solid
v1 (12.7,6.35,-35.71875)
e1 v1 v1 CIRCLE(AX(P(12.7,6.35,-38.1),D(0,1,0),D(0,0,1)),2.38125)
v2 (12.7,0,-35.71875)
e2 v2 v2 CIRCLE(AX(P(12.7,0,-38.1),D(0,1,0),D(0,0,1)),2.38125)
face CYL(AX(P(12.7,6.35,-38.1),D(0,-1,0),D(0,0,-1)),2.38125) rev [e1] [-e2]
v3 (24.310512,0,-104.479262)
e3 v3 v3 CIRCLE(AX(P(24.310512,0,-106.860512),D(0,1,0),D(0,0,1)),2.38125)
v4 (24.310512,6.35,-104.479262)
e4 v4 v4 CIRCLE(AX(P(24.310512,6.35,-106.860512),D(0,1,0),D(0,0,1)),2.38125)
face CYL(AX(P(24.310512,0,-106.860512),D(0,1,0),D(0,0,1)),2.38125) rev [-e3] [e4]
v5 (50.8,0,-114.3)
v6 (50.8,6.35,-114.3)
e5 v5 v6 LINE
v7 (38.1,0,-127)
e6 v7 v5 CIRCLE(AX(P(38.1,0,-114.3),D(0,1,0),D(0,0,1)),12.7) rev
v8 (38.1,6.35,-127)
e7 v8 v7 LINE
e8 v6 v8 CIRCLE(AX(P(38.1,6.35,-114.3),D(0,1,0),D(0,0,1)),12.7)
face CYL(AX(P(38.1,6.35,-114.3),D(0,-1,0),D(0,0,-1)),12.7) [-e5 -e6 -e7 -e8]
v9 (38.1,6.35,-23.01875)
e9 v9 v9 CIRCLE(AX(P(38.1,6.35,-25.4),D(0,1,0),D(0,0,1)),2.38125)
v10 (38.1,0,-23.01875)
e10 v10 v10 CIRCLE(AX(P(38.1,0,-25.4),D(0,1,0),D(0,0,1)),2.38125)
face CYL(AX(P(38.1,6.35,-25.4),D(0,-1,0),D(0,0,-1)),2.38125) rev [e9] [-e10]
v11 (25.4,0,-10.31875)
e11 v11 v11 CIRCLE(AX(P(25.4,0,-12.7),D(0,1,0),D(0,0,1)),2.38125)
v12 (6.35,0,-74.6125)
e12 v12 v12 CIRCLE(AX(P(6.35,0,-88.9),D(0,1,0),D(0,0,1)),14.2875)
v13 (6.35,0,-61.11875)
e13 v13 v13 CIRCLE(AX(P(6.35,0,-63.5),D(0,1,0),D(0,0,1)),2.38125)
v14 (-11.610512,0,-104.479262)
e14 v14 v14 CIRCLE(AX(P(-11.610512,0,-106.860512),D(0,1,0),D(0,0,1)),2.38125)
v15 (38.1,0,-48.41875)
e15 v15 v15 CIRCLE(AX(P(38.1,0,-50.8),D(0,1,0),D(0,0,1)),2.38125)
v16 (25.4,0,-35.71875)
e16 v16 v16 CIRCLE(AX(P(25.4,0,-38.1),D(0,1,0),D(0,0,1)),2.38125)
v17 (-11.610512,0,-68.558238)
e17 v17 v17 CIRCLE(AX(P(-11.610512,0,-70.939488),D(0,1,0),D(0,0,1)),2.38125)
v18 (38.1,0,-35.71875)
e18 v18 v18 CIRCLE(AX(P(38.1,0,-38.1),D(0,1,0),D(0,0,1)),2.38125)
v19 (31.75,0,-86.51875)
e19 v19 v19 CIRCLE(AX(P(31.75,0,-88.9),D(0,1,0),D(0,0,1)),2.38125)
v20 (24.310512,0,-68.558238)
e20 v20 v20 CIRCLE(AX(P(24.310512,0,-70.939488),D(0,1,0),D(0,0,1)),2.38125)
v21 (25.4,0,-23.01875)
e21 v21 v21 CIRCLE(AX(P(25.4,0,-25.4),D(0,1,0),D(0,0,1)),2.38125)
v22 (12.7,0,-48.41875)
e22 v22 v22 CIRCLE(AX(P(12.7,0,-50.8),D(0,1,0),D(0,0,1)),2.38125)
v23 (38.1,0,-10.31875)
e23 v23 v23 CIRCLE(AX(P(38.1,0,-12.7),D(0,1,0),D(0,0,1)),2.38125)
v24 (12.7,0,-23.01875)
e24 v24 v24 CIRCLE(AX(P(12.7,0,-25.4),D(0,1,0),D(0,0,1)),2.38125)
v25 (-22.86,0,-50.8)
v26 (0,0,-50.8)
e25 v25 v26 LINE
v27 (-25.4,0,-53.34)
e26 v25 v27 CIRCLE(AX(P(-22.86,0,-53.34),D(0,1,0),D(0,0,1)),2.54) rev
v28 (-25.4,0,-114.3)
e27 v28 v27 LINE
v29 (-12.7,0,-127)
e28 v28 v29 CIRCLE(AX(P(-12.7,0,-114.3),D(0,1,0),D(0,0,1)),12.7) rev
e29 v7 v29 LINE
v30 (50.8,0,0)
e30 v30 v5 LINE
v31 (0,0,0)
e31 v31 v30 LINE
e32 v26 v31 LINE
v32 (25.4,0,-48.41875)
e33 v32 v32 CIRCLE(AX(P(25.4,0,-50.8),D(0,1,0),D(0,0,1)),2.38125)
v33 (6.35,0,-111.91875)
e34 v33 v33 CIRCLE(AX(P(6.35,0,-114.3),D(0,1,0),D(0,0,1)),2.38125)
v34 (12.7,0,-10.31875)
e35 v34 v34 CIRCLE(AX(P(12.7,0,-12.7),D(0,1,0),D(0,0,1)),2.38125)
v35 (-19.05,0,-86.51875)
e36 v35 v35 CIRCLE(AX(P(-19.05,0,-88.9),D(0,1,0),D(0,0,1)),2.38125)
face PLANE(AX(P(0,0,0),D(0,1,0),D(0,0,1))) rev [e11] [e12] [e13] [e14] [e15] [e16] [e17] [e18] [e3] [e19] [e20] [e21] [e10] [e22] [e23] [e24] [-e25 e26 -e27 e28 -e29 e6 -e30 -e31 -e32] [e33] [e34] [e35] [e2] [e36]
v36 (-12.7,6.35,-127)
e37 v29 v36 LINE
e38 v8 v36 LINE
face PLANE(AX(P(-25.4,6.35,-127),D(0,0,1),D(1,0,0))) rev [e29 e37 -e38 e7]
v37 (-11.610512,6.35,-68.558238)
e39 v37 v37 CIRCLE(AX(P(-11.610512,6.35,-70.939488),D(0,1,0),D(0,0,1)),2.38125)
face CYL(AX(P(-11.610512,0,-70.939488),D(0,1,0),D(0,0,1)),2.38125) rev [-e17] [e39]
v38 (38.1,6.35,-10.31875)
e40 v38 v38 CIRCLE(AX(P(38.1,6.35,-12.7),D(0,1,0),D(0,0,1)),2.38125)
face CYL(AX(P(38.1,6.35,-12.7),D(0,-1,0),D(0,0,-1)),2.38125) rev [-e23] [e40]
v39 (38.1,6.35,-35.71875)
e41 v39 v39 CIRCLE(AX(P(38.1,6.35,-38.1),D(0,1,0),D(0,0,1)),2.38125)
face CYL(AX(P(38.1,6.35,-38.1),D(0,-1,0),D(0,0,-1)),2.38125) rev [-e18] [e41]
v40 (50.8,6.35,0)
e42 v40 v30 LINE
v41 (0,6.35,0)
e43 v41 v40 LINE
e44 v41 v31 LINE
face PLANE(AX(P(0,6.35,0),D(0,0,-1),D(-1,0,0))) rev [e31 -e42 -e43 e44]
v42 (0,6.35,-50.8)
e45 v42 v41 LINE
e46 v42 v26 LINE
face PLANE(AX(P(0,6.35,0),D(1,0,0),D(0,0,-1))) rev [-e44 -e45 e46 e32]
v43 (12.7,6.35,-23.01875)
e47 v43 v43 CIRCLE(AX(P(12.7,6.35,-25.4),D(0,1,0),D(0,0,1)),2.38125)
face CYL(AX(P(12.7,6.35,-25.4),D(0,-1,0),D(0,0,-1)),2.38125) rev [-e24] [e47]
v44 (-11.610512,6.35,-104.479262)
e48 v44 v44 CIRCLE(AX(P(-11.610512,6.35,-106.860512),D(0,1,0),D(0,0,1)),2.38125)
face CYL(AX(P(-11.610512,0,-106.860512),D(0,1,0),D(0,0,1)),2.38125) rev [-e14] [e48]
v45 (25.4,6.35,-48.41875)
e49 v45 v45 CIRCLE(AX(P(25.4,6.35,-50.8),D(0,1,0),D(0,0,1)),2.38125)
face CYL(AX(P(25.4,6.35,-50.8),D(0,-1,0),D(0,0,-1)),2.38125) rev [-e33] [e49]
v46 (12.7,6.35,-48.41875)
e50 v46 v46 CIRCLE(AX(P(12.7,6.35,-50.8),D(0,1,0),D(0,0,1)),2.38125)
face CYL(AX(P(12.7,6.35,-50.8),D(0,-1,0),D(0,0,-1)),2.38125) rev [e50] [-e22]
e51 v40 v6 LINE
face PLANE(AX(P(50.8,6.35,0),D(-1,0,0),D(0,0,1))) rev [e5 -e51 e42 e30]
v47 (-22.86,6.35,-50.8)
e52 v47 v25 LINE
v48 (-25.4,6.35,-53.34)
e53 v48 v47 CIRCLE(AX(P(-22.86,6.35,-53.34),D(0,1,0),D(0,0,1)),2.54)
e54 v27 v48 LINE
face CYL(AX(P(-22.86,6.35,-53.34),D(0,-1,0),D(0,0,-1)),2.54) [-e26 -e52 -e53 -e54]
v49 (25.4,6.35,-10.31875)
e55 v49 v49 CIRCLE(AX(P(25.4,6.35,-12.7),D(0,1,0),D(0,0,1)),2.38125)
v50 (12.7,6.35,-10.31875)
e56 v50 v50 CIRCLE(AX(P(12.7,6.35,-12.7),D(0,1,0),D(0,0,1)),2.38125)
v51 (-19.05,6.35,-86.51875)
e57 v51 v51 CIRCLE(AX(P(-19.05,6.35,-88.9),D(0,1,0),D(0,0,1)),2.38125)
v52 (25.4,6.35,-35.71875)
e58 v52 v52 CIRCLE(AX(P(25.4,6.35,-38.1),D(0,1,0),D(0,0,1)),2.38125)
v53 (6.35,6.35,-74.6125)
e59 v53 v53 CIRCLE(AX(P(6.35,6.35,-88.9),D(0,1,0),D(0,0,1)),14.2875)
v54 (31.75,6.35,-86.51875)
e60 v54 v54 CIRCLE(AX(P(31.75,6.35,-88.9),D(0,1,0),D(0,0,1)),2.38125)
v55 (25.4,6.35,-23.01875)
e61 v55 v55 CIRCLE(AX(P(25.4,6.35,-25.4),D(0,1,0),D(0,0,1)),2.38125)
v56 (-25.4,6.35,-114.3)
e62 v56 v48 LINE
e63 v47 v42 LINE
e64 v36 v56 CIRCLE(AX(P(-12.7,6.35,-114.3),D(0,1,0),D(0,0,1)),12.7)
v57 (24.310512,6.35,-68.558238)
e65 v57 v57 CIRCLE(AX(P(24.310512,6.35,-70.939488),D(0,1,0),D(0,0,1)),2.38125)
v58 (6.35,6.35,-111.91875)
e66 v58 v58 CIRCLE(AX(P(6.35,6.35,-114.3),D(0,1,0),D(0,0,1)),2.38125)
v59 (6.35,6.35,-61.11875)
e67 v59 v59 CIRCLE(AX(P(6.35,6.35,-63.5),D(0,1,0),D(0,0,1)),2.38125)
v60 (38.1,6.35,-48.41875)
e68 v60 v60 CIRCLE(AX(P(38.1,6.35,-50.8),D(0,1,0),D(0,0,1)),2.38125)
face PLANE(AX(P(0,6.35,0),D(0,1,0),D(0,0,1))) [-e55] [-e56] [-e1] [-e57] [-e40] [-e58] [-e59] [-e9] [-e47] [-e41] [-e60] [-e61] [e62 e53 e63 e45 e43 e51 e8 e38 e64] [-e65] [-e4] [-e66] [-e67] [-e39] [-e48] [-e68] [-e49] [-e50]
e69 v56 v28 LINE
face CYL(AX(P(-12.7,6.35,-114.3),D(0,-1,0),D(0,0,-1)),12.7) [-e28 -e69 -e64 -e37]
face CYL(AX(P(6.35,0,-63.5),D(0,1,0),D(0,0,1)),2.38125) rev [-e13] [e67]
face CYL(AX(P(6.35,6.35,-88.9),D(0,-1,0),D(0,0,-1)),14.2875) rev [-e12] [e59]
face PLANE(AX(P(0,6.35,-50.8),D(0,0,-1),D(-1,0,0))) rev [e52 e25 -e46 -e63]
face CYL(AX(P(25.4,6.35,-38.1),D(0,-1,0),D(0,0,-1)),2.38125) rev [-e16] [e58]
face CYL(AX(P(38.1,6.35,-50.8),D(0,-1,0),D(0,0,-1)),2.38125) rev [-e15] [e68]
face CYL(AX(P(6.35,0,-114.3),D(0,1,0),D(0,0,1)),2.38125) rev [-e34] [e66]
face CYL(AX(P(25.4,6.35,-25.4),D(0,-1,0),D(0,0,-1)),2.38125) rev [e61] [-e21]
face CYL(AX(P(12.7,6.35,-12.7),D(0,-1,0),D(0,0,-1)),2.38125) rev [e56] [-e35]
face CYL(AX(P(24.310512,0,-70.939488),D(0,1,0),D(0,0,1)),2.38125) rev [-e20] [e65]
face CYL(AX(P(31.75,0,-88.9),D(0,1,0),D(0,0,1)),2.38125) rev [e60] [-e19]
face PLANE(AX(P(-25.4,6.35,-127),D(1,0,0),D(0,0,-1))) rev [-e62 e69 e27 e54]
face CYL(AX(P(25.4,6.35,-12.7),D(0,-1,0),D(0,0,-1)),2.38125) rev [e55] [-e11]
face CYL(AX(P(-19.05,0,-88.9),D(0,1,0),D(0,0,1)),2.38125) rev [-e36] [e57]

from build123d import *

# Parameters (mm, degrees)
SKETCH1_R           = 2.38125
SKETCH1_R_2         = 14.2875
BOSS_EXTRUDE1_DEPTH = 6.35
FILLET1_R           = 12.7
SKETCH2_R           = 2.38125
CUT_EXTRUDE1_DEPTH  = 7.35
FILLET2_R           = 2.54


with BuildPart() as part:
    # Sketch1 → Boss-Extrude1 (new body)
    with BuildSketch(Plane(origin=(0, 0, 0), x_dir=(1, 0, 0), z_dir=(0, 1, 0))):
        Polygon((0, 0), (50.8, 0), (50.8, 127), (-25.4, 127), (-25.4, 50.8), (0, 50.8), align=None)
        with Locations((12.7, 12.7)):
            Circle(SKETCH1_R, mode=Mode.SUBTRACT)
        with Locations((25.4, 12.7)):
            Circle(SKETCH1_R, mode=Mode.SUBTRACT)
        with Locations((38.1, 12.7)):
            Circle(SKETCH1_R, mode=Mode.SUBTRACT)
        with Locations((25.4, 25.4)):
            Circle(SKETCH1_R, mode=Mode.SUBTRACT)
        with Locations((38.1, 25.4)):
            Circle(SKETCH1_R, mode=Mode.SUBTRACT)
        with Locations((25.4, 38.1)):
            Circle(SKETCH1_R, mode=Mode.SUBTRACT)
        with Locations((38.1, 38.1)):
            Circle(SKETCH1_R, mode=Mode.SUBTRACT)
        with Locations((12.7, 25.4)):
            Circle(SKETCH1_R, mode=Mode.SUBTRACT)
        with Locations((12.7, 38.1)):
            Circle(SKETCH1_R, mode=Mode.SUBTRACT)
        with Locations((6.35, 88.9)):
            Circle(SKETCH1_R_2, mode=Mode.SUBTRACT)
        with Locations((12.7, 50.8)):
            Circle(SKETCH1_R, mode=Mode.SUBTRACT)
        with Locations((25.4, 50.8)):
            Circle(SKETCH1_R, mode=Mode.SUBTRACT)
        with Locations((38.1, 50.8)):
            Circle(SKETCH1_R, mode=Mode.SUBTRACT)
    extrude(amount=BOSS_EXTRUDE1_DEPTH)

    # Fillet1
    fillet1_edges = [part.edges().sort_by_distance(p)[0] for p in [
        (-25.4, 3.175, -127),
        (50.8, 3.175, -127),
    ]]
    fillet(fillet1_edges, radius=FILLET1_R)

    # Sketch2 → Cut-Extrude1 (cut, through all)
    with BuildSketch(Plane(origin=(0, 6.35, 0), x_dir=(1, 0, 0), z_dir=(0, 1, 0))):
        with Locations((-19.05, 88.9)):
            Circle(SKETCH2_R)
        with Locations((-11.610512242, 106.860512242)):
            Circle(SKETCH2_R)
        with Locations((6.35, 114.3)):
            Circle(SKETCH2_R)
        with Locations((24.310512242, 106.860512242)):
            Circle(SKETCH2_R)
        with Locations((31.75, 88.9)):
            Circle(SKETCH2_R)
        with Locations((24.310512242, 70.939487758)):
            Circle(SKETCH2_R)
        with Locations((6.35, 63.5)):
            Circle(SKETCH2_R)
        with Locations((-11.610512242, 70.939487758)):
            Circle(SKETCH2_R)
    extrude(amount=-CUT_EXTRUDE1_DEPTH, mode=Mode.SUBTRACT)

    # Fillet2
    fillet2_edges = [part.edges().sort_by_distance(p)[0] for p in [
        (-25.4, 3.175, -50.8),
    ]]
    fillet(fillet2_edges, radius=FILLET2_R)


solid = part.part
